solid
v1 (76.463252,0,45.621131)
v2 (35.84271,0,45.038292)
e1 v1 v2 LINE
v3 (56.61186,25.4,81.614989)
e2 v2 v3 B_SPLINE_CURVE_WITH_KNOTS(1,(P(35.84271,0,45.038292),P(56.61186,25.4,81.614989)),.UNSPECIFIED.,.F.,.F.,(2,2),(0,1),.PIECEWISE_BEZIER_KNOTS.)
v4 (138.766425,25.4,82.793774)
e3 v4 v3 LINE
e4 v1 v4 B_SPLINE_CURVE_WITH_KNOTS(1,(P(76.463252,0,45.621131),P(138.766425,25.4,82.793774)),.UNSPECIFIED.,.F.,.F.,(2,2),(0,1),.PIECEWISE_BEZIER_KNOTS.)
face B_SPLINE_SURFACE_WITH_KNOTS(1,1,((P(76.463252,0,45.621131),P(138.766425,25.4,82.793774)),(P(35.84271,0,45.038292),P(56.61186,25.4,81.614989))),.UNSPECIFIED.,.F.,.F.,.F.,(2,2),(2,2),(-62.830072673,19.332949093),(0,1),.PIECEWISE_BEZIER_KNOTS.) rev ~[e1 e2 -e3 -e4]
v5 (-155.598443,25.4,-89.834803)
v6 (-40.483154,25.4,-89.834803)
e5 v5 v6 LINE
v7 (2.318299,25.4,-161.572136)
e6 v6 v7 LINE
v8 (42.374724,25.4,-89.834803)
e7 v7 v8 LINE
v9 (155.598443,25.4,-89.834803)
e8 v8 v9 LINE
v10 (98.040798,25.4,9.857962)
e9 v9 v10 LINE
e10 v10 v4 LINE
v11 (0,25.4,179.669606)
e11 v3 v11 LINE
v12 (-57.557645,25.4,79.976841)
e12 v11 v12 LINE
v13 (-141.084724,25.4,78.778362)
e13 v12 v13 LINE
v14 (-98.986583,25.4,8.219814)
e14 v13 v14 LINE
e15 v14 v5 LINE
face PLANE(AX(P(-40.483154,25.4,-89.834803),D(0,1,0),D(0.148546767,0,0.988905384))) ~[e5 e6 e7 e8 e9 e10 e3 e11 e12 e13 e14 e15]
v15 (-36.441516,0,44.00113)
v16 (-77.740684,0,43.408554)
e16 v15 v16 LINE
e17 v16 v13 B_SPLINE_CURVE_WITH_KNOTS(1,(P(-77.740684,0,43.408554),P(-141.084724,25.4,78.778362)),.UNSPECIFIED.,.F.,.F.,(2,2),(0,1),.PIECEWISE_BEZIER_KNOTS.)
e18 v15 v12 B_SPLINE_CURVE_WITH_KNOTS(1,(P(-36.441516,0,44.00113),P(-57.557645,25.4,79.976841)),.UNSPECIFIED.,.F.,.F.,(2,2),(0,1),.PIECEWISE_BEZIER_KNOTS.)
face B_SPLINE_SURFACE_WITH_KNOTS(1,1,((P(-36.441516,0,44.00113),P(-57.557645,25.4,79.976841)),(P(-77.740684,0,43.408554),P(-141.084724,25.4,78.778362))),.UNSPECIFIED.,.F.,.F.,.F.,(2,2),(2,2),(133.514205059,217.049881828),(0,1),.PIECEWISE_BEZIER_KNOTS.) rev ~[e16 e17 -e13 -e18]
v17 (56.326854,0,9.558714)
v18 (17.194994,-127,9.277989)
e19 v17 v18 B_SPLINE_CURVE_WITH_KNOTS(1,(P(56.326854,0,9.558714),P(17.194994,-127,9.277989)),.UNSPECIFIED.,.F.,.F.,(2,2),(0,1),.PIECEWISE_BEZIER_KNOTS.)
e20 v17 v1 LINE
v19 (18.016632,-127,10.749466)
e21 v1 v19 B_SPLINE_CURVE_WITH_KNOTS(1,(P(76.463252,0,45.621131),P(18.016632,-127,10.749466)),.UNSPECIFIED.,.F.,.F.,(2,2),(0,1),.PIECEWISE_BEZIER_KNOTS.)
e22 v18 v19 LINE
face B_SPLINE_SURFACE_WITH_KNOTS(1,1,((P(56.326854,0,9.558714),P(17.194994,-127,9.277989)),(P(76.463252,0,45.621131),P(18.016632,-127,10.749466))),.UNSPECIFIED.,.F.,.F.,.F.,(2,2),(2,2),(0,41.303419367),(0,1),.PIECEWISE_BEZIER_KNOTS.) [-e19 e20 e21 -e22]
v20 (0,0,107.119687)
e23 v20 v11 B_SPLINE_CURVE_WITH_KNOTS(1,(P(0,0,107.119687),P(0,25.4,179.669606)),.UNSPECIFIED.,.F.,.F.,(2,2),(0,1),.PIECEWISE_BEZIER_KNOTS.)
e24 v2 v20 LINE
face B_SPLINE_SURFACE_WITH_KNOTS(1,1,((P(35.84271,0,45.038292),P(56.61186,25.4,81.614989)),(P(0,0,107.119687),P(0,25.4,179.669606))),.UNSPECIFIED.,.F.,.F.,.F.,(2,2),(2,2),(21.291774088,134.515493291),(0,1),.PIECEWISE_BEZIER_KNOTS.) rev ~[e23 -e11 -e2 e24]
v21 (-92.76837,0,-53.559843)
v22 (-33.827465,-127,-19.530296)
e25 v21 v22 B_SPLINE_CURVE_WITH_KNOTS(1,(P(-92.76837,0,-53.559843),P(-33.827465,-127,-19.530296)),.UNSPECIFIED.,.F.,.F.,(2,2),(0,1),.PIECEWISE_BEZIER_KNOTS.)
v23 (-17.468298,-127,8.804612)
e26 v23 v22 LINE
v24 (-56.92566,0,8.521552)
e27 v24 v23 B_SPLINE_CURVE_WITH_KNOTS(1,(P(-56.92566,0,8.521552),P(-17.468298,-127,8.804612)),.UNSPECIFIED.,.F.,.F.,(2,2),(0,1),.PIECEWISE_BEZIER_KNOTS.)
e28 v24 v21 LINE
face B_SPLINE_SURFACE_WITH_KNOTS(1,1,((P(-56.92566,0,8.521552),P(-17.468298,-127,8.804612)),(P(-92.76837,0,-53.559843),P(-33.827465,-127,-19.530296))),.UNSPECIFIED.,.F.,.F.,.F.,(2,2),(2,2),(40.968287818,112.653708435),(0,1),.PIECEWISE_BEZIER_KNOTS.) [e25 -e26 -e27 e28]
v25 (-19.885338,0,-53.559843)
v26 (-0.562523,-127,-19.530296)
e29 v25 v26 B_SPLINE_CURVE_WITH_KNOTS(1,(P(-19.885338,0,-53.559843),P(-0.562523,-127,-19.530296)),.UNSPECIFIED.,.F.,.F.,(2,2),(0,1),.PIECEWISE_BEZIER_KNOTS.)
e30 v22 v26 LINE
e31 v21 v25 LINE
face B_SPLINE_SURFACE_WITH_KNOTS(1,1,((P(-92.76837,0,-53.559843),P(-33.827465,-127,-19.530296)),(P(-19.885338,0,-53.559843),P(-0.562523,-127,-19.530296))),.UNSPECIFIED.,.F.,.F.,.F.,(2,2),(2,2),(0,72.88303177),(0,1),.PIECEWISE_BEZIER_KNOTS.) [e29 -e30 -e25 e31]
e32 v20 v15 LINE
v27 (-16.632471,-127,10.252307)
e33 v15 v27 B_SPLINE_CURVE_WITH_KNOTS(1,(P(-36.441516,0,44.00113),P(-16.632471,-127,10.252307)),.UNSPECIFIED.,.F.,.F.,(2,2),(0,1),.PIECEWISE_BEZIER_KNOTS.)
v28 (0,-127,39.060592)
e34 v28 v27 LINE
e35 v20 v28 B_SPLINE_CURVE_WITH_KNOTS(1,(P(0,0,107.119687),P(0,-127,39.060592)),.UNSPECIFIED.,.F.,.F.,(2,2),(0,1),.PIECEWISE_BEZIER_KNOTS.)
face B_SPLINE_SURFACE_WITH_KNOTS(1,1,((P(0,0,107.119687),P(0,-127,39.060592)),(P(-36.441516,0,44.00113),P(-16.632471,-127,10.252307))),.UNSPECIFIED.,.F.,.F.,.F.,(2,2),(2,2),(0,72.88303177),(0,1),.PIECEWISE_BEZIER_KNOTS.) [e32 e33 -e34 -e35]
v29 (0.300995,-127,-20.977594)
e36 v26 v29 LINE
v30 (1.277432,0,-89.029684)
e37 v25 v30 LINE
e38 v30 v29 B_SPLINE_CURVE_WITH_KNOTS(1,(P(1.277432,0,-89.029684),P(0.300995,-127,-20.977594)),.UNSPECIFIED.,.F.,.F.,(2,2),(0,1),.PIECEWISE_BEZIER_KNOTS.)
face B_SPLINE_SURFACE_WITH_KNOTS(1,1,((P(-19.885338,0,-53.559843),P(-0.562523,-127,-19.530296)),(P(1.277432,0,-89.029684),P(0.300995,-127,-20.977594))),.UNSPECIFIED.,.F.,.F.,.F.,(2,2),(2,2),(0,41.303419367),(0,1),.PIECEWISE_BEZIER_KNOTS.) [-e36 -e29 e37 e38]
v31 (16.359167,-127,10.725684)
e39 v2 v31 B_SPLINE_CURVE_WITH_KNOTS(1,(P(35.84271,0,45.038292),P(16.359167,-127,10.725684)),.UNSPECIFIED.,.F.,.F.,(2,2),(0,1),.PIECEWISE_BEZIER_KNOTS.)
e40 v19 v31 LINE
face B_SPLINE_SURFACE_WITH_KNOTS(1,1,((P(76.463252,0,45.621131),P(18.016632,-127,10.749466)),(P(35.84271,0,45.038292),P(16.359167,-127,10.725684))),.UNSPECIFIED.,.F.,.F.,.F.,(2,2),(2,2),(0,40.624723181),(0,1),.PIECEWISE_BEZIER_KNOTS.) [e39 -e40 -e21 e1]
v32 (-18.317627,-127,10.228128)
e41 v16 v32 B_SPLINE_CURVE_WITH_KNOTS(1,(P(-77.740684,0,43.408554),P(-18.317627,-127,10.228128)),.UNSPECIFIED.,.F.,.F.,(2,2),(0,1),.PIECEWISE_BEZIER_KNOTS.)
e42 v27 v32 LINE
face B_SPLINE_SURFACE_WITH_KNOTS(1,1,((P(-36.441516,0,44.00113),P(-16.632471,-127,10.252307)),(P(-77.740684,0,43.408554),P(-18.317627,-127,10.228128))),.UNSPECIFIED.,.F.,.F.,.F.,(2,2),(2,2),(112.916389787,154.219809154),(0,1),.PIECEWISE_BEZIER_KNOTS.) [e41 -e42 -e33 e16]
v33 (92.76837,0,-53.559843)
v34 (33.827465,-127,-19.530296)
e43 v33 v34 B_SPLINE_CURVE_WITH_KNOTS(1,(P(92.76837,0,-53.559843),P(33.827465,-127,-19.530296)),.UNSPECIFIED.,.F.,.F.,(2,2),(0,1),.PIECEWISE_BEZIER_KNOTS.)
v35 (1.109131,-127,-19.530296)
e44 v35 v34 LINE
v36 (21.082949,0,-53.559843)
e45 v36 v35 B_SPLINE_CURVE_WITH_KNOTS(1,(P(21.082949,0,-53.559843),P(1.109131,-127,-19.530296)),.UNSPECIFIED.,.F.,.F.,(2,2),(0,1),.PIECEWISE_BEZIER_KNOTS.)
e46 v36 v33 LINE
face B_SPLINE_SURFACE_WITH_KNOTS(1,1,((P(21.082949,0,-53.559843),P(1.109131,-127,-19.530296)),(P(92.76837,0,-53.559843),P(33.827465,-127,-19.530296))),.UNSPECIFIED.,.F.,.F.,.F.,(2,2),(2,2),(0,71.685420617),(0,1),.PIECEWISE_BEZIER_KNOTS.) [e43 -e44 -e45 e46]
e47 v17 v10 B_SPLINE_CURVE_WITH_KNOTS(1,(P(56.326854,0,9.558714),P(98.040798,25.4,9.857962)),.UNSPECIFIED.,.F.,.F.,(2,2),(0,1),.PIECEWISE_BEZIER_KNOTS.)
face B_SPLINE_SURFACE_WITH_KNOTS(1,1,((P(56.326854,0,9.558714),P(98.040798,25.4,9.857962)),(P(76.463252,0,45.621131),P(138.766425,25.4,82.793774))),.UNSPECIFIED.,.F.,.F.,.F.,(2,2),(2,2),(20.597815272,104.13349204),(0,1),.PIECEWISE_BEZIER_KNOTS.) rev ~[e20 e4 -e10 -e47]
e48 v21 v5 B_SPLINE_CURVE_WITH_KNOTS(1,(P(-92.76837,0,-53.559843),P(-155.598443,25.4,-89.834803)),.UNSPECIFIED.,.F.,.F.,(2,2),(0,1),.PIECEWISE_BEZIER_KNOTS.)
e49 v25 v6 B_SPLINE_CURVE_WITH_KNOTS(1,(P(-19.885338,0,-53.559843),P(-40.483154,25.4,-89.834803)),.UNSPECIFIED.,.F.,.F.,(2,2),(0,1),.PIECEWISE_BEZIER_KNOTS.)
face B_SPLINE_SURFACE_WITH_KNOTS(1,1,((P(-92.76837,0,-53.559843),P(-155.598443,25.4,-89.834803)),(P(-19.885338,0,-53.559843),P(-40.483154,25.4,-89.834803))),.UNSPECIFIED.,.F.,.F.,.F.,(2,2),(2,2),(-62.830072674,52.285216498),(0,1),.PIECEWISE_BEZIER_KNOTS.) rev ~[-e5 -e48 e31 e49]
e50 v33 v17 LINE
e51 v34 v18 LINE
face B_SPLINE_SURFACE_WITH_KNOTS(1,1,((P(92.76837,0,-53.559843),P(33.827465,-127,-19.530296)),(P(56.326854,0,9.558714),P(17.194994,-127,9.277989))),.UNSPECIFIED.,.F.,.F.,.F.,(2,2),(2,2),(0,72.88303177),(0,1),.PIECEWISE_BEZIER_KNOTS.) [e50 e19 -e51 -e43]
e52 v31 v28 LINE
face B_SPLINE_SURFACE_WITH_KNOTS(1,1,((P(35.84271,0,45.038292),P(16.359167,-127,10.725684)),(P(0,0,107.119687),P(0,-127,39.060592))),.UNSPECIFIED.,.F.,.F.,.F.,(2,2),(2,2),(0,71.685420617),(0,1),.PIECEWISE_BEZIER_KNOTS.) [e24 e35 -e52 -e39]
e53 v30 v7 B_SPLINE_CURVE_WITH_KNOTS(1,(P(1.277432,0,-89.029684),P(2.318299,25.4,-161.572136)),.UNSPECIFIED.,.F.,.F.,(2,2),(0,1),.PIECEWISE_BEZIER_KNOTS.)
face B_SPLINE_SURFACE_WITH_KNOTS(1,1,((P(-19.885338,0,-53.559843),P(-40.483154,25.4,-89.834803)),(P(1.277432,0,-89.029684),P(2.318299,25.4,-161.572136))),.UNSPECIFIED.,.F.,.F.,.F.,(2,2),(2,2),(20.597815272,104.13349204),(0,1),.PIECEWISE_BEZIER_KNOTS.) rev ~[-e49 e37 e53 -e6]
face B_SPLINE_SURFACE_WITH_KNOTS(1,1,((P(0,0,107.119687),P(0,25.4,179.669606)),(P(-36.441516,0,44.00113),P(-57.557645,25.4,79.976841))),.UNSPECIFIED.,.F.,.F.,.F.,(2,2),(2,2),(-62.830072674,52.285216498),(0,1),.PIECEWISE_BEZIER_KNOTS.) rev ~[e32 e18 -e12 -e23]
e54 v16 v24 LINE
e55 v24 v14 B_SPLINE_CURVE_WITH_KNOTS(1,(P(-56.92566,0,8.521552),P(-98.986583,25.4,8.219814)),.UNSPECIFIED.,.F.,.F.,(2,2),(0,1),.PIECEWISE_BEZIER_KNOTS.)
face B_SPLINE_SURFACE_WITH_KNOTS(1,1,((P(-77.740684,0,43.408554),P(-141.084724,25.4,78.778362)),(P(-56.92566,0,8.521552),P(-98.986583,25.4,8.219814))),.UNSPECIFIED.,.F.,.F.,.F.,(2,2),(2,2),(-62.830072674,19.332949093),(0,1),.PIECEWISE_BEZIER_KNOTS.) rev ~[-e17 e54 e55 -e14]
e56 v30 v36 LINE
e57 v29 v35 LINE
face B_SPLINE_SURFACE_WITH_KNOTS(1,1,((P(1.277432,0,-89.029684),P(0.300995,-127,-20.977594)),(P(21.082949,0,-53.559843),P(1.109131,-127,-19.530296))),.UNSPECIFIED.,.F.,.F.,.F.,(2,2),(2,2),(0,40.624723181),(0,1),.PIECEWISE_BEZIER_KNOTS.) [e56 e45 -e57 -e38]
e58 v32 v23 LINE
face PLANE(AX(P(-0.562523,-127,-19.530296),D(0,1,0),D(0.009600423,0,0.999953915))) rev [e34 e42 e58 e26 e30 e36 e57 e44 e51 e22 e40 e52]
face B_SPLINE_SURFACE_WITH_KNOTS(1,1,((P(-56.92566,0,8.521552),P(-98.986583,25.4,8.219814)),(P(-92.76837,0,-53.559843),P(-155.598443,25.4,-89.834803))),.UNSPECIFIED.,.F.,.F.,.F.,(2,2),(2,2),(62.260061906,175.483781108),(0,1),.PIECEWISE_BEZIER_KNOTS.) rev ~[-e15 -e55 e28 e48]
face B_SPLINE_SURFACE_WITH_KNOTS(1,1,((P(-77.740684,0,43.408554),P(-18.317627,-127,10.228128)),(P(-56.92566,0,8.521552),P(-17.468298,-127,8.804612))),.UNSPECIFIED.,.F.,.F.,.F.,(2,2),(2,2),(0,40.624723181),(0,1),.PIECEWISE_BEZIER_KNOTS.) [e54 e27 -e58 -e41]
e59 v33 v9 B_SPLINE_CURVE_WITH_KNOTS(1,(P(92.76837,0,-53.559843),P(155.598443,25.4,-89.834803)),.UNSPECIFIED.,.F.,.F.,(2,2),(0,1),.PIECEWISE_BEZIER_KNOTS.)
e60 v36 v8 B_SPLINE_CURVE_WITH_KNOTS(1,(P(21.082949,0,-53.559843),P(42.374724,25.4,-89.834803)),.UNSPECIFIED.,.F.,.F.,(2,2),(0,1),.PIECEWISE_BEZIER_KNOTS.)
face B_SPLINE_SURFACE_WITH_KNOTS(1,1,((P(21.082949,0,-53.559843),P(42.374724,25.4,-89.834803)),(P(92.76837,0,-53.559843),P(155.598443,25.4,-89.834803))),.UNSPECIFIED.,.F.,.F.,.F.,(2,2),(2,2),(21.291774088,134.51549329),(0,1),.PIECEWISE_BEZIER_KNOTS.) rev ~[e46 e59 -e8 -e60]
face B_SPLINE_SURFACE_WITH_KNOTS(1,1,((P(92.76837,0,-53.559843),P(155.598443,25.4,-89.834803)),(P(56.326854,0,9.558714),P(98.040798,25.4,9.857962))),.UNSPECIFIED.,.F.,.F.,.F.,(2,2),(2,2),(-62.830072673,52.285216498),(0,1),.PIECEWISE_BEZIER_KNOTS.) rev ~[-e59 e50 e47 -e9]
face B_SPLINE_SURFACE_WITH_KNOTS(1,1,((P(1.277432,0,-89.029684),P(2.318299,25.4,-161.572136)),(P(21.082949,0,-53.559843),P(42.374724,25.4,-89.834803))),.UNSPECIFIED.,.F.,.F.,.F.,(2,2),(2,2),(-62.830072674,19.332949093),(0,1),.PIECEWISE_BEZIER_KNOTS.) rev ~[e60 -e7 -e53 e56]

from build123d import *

# Parameters (mm, degrees)
F2_DEPTH      = 127
F2_TAPER      = 15
F2_DEPTH_BACK = 25.4
F2_TAPER_BACK = -55


with BuildPart() as f2:
    # F1 (on Front) → F2 (new body, two sides)
    with BuildSketch(Plane.XZ) as f2_sk:
        Polygon((-19.8853383325, -53.5598434508), (1.2774319094, -89.0296842607), (21.0829494852, -53.5598434508), align=None)
        Polygon((-92.7683701022, -53.5598434508), (-19.8853383325, -53.5598434508), (-56.9256597937, 8.5215518845), align=None)
        Polygon((-56.9256597937, 8.5215518845), (-19.8853383325, -53.5598434508), (21.0829494852, -53.5598434508), (56.3268542174, 9.5587135666), (35.8427103085, 45.0382915663), (-36.4415158848, 44.0011298842), align=None)
        Polygon((56.3268542174, 9.5587135666), (21.0829494852, -53.5598434508), (92.7683701022, -53.5598434508), align=None)
        Polygon((-77.7406842154, 43.4085536452), (-56.9256597937, 8.5215518845), (-36.4415158848, 44.0011298842), align=None)
        Polygon((35.8427103085, 45.0382915663), (56.3268542174, 9.5587135666), (76.463252306, 45.6211306155), align=None)
        Polygon((0, 107.1196869016), (-36.4415158848, 44.0011298842), (35.8427103085, 45.0382915663), align=None)
    extrude(amount=F2_DEPTH, taper=F2_TAPER)
    extrude(f2_sk.sketch, amount=-F2_DEPTH_BACK, taper=F2_TAPER_BACK)


solid = f2.part
